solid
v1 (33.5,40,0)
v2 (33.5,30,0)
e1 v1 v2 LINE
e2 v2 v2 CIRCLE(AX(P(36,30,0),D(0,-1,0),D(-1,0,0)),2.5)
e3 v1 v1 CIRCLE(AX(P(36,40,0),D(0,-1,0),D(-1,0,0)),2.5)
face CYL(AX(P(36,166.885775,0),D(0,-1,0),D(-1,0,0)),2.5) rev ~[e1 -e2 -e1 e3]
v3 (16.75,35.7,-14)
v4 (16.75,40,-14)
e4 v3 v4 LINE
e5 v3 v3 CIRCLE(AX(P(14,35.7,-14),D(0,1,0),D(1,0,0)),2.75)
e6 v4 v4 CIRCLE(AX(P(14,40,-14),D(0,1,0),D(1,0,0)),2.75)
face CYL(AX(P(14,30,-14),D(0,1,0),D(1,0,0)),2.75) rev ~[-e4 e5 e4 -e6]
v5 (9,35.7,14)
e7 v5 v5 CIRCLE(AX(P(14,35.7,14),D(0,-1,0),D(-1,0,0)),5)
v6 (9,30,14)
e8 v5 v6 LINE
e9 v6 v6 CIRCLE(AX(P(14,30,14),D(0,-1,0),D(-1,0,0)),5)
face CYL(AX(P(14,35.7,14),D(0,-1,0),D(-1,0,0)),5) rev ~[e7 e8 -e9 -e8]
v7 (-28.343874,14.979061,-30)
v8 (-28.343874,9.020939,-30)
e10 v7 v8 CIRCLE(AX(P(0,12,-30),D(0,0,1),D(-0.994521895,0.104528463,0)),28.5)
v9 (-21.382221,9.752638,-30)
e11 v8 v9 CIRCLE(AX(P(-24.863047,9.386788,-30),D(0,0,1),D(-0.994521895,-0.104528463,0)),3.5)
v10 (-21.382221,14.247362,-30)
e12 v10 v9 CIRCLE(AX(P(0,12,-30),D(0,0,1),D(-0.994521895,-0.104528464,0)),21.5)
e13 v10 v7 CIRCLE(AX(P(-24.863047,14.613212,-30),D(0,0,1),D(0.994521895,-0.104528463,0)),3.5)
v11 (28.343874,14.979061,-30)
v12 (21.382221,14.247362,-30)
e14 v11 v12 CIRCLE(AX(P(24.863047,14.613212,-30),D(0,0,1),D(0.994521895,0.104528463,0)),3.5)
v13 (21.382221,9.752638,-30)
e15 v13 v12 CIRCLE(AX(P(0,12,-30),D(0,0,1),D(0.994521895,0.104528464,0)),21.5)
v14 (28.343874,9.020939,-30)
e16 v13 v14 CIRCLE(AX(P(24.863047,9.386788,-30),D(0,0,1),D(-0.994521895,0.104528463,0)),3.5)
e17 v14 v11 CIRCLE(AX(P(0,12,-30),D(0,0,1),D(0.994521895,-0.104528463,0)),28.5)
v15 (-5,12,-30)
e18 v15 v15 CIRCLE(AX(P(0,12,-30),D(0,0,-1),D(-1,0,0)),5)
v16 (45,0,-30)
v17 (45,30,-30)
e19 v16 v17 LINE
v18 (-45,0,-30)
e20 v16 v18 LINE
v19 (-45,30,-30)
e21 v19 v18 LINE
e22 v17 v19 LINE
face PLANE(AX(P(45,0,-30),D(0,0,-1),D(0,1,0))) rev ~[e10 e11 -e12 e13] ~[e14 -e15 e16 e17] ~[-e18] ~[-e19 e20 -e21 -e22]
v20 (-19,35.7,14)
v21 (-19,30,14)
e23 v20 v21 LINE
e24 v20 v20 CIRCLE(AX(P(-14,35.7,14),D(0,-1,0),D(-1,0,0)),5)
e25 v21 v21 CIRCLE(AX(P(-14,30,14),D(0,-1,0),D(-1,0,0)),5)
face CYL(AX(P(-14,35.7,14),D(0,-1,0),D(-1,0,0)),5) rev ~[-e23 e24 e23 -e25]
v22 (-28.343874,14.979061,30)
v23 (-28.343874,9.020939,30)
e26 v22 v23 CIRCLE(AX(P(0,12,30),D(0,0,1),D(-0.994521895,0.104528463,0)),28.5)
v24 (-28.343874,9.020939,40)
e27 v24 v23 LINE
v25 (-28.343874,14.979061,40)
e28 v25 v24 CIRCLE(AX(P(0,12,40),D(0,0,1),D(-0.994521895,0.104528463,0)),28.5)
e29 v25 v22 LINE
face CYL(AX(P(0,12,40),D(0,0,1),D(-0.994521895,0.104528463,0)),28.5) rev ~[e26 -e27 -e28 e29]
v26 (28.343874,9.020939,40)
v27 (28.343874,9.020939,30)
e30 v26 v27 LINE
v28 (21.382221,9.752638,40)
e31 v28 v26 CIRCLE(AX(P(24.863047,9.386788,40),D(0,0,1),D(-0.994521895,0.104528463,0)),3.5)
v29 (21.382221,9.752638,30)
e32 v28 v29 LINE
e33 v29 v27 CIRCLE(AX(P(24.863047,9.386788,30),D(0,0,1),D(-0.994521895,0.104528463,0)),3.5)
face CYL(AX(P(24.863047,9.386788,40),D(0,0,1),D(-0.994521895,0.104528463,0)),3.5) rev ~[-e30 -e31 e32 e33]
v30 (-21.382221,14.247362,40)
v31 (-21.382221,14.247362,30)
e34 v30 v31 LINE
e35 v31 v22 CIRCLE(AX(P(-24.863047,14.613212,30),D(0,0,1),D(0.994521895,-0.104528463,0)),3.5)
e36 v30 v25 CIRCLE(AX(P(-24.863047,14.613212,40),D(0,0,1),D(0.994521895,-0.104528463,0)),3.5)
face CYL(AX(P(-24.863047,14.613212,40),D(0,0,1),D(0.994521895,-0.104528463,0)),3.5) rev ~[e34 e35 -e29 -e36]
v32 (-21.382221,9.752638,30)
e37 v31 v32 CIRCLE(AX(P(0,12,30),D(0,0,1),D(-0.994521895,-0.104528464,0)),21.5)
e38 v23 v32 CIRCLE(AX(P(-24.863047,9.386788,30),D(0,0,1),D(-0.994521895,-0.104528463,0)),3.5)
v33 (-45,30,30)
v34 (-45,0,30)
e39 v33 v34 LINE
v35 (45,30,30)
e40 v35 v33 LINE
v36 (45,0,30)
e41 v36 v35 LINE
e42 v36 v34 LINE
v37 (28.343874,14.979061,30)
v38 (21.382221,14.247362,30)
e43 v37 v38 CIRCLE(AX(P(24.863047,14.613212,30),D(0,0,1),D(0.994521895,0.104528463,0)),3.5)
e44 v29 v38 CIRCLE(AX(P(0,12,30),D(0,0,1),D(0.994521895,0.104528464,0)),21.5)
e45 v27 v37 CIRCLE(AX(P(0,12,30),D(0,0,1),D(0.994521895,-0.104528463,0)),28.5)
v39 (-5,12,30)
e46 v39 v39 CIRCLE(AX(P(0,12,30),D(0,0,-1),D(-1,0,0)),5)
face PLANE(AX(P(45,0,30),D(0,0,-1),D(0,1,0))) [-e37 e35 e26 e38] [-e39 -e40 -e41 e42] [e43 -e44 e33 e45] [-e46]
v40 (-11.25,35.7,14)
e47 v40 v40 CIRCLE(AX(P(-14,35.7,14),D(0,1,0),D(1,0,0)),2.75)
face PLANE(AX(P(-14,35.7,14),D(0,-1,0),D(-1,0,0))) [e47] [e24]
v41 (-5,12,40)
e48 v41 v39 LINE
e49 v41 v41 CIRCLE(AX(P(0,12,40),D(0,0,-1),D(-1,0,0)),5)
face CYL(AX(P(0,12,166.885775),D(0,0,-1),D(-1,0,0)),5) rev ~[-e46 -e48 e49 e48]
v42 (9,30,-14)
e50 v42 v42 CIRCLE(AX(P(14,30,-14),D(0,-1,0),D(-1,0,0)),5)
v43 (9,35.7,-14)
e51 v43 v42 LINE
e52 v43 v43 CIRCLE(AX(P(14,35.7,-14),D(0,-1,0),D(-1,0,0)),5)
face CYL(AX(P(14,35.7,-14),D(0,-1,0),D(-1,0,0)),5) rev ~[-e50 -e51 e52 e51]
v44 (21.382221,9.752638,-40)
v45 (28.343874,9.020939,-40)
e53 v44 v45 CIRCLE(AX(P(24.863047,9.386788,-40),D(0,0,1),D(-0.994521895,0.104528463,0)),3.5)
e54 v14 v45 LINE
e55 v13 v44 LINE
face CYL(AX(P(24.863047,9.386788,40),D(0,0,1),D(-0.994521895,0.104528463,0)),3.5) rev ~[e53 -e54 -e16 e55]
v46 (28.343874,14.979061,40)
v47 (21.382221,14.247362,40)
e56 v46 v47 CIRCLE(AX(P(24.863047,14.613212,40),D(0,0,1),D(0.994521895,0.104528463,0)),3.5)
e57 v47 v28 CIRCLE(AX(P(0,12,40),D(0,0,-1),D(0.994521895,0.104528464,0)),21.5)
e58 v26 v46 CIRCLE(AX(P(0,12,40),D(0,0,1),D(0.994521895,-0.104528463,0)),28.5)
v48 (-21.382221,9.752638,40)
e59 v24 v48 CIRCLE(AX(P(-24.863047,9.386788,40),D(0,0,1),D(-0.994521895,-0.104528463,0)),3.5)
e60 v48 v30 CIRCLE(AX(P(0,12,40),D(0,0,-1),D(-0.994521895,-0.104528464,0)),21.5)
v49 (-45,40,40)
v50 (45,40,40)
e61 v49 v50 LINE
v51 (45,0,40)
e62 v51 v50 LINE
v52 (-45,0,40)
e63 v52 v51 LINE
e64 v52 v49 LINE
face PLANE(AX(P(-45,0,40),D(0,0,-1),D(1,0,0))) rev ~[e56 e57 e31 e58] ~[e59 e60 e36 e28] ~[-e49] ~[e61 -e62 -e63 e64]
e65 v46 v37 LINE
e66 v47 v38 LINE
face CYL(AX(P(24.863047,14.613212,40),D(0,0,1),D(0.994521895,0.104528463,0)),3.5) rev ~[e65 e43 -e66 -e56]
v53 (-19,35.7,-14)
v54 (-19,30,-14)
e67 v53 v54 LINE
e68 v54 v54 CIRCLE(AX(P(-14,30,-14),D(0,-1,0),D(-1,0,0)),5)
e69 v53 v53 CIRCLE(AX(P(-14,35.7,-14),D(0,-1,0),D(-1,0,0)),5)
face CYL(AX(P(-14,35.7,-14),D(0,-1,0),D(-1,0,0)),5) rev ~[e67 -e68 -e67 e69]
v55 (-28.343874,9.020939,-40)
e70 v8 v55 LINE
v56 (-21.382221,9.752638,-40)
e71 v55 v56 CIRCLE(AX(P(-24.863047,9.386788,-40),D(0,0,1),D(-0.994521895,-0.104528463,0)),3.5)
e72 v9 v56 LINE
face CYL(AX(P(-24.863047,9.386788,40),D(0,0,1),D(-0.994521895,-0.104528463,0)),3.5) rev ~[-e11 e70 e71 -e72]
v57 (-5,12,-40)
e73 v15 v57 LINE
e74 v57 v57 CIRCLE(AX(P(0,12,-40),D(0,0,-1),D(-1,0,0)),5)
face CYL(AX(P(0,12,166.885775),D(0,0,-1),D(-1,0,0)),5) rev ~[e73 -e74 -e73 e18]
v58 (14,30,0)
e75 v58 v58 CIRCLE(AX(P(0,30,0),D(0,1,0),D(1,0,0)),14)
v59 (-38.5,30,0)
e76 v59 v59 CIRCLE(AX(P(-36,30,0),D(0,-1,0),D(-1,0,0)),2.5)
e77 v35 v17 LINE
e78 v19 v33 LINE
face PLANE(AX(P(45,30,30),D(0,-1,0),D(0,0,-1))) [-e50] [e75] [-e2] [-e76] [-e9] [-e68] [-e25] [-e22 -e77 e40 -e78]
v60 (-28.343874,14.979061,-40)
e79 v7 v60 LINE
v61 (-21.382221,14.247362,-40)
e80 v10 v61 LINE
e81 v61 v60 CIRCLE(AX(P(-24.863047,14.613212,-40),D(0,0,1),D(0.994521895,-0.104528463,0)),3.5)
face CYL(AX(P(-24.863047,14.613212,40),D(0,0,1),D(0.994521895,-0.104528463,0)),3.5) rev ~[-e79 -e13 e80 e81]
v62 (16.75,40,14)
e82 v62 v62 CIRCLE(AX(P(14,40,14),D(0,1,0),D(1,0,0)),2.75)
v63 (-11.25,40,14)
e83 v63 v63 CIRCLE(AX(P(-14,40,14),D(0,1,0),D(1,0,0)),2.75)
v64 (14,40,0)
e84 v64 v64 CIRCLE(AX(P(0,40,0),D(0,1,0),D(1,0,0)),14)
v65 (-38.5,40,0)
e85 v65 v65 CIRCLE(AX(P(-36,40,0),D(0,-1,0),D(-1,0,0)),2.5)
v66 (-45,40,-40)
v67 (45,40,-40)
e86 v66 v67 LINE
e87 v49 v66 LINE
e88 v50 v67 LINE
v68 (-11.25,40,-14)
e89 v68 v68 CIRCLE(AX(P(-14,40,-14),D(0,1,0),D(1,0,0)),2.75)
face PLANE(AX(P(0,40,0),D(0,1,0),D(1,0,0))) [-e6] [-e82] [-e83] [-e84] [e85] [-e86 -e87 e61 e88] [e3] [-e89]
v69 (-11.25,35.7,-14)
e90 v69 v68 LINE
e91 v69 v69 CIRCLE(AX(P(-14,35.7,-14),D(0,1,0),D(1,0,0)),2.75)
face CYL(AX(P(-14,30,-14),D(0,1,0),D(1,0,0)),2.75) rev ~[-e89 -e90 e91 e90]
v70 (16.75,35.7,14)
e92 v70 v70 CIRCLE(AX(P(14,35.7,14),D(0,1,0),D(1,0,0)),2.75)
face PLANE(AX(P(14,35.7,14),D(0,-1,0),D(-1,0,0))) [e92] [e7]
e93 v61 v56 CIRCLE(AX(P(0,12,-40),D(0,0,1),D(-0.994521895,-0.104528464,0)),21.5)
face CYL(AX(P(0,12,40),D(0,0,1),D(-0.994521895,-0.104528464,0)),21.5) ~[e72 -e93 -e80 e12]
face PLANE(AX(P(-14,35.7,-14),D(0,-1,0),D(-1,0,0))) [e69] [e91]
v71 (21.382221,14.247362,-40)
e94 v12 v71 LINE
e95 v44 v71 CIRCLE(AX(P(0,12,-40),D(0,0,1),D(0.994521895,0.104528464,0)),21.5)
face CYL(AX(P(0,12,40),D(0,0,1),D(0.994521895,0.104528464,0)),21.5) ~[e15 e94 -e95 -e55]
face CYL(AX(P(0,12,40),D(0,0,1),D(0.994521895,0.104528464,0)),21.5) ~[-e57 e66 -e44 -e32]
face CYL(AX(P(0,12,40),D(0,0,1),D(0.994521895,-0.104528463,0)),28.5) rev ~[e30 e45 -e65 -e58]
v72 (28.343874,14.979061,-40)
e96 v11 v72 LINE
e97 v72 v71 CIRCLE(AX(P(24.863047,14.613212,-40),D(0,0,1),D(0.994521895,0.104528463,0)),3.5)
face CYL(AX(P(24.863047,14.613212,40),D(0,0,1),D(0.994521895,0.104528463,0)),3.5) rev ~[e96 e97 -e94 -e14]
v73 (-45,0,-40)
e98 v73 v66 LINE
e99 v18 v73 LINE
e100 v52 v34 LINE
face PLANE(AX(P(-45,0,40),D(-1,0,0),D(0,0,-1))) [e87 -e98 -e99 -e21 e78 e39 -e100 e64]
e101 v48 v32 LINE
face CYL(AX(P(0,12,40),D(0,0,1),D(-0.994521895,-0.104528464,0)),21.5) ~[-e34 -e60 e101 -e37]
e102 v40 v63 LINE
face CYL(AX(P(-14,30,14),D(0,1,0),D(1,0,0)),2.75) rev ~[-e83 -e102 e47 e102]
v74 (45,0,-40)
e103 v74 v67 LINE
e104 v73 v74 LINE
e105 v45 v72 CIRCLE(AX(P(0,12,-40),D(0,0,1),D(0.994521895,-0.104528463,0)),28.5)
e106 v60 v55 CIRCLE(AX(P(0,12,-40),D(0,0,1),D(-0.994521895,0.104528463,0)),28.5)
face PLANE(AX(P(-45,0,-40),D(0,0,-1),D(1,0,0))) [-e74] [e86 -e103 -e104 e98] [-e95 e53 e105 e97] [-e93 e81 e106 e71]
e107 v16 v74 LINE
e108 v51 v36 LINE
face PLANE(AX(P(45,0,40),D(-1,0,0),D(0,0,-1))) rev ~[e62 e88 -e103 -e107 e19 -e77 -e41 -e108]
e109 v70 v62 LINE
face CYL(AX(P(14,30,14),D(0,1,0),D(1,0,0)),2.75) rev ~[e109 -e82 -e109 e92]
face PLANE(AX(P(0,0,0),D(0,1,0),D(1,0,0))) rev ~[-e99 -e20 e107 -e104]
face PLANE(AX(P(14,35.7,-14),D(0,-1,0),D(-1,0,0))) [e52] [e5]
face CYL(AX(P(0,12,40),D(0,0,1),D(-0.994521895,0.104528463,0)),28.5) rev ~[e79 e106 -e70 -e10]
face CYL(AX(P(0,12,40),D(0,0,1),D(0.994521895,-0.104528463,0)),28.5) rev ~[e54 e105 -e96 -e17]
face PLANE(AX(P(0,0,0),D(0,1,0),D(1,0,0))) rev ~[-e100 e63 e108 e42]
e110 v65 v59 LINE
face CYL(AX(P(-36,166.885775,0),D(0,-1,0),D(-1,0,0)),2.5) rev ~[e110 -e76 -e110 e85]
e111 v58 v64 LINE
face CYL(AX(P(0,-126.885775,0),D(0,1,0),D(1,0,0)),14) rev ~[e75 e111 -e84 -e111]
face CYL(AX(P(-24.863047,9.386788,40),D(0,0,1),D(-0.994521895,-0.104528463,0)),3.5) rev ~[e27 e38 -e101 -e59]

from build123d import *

# Parameters (mm, degrees)
SKETCH_1_W                = 90
SKETCH_1_H                = 80
EXTRUDE_1_DEPTH           = 40
SKETCH_10_W               = 60
SKETCH_10_H               = 30
CUT_EXTRUDE_1_DEPTH       = 107.301458127
HOLE_WIZARD_2_D           = 10
CUT_EXTRUDE_2_DEPTH       = 101.124921973
HOLE_WIZARD_1_D           = 5.5
HOLE_WIZARD_1_CBORE_D     = 10
HOLE_WIZARD_1_CBORE_DEPTH = 5.7
HOLE_WIZARD_1_2_D         = 28
HOLE_WIZARD_M6_1_D        = 5


with BuildPart() as part:
    # 草图1 → 凸台-拉伸1 (new body)
    with BuildSketch(Plane(origin=(0, 0, 0), x_dir=(1, 0, 0), z_dir=(0, 1, 0))):
        Rectangle(SKETCH_1_W, SKETCH_1_H)
    extrude(amount=EXTRUDE_1_DEPTH)

    # 草图10 → 切除-拉伸1 (cut, through all)
    with BuildSketch(Plane(origin=(45, 0, 0), x_dir=(0, 0, -1), z_dir=(1, 0, 0))):
        with Locations((0, 15)):
            Rectangle(SKETCH_10_W, SKETCH_10_H)
    extrude(amount=-CUT_EXTRUDE_1_DEPTH, mode=Mode.SUBTRACT)

    # 孔2 (through all)
    with Locations(Plane.XY.offset(40)):
        with Locations((0, 12)):
            Hole(HOLE_WIZARD_2_D / 2)

    # 草图13 → 切除-拉伸2 (cut, through all)
    with BuildSketch(Plane.XY.offset(40)):
        with BuildLine():
            ThreePointArc((-28.343874018, 14.979061203), (-28.5, 12), (-28.343874018, 9.020938797))
            ThreePointArc((-28.343874018, 9.020938797), (-24.497197763, 5.905961785), (-21.38222075, 9.75263804))
            ThreePointArc((-21.38222075, 9.75263804), (-21.5, 12), (-21.38222075, 14.24736196))
            ThreePointArc((-21.38222075, 14.24736196), (-24.497197763, 18.094038215), (-28.343874018, 14.979061203))
        make_face()
        with BuildLine():
            ThreePointArc((21.38222075, 9.75263804), (24.497197763, 5.905961785), (28.343874018, 9.020938797))
            ThreePointArc((28.343874018, 9.020938797), (28.5, 12), (28.343874018, 14.979061203))
            ThreePointArc((28.343874018, 14.979061203), (24.497197763, 18.094038215), (21.38222075, 14.24736196))
            ThreePointArc((21.38222075, 14.24736196), (21.5, 12), (21.38222075, 9.75263804))
        make_face()
    extrude(amount=-CUT_EXTRUDE_2_DEPTH, mode=Mode.SUBTRACT)

    # Hole Wizard 1 (through all)
    with Locations(Plane(origin=(-40.148551056, 30, -46.468490431), x_dir=(-1, 0, 0), z_dir=(0, -1, 0))):
        with Locations((-26.148551056, -60.468490431), (-54.148551056, -60.468490431), (-54.148551056, -32.468490431), (-26.148551056, -32.468490431)):
            CounterBoreHole(HOLE_WIZARD_1_D / 2, HOLE_WIZARD_1_CBORE_D / 2, HOLE_WIZARD_1_CBORE_DEPTH)

    # Hole Wizard 1 2 (through all)
    with Locations(Plane(origin=(0, 0, 0), x_dir=(-1, 0, 0), z_dir=(0, -1, 0))):
        with Locations((0, 0)):
            Hole(HOLE_WIZARD_1_2_D / 2)

    # M6 螺纹孔1 (through all)
    with Locations(Plane(origin=(0, 40, 0), x_dir=(1, 0, 0), z_dir=(0, 1, 0))):
        with Locations((-36, 0), (36, 0)):
            Hole(HOLE_WIZARD_M6_1_D / 2)


solid = part.part
